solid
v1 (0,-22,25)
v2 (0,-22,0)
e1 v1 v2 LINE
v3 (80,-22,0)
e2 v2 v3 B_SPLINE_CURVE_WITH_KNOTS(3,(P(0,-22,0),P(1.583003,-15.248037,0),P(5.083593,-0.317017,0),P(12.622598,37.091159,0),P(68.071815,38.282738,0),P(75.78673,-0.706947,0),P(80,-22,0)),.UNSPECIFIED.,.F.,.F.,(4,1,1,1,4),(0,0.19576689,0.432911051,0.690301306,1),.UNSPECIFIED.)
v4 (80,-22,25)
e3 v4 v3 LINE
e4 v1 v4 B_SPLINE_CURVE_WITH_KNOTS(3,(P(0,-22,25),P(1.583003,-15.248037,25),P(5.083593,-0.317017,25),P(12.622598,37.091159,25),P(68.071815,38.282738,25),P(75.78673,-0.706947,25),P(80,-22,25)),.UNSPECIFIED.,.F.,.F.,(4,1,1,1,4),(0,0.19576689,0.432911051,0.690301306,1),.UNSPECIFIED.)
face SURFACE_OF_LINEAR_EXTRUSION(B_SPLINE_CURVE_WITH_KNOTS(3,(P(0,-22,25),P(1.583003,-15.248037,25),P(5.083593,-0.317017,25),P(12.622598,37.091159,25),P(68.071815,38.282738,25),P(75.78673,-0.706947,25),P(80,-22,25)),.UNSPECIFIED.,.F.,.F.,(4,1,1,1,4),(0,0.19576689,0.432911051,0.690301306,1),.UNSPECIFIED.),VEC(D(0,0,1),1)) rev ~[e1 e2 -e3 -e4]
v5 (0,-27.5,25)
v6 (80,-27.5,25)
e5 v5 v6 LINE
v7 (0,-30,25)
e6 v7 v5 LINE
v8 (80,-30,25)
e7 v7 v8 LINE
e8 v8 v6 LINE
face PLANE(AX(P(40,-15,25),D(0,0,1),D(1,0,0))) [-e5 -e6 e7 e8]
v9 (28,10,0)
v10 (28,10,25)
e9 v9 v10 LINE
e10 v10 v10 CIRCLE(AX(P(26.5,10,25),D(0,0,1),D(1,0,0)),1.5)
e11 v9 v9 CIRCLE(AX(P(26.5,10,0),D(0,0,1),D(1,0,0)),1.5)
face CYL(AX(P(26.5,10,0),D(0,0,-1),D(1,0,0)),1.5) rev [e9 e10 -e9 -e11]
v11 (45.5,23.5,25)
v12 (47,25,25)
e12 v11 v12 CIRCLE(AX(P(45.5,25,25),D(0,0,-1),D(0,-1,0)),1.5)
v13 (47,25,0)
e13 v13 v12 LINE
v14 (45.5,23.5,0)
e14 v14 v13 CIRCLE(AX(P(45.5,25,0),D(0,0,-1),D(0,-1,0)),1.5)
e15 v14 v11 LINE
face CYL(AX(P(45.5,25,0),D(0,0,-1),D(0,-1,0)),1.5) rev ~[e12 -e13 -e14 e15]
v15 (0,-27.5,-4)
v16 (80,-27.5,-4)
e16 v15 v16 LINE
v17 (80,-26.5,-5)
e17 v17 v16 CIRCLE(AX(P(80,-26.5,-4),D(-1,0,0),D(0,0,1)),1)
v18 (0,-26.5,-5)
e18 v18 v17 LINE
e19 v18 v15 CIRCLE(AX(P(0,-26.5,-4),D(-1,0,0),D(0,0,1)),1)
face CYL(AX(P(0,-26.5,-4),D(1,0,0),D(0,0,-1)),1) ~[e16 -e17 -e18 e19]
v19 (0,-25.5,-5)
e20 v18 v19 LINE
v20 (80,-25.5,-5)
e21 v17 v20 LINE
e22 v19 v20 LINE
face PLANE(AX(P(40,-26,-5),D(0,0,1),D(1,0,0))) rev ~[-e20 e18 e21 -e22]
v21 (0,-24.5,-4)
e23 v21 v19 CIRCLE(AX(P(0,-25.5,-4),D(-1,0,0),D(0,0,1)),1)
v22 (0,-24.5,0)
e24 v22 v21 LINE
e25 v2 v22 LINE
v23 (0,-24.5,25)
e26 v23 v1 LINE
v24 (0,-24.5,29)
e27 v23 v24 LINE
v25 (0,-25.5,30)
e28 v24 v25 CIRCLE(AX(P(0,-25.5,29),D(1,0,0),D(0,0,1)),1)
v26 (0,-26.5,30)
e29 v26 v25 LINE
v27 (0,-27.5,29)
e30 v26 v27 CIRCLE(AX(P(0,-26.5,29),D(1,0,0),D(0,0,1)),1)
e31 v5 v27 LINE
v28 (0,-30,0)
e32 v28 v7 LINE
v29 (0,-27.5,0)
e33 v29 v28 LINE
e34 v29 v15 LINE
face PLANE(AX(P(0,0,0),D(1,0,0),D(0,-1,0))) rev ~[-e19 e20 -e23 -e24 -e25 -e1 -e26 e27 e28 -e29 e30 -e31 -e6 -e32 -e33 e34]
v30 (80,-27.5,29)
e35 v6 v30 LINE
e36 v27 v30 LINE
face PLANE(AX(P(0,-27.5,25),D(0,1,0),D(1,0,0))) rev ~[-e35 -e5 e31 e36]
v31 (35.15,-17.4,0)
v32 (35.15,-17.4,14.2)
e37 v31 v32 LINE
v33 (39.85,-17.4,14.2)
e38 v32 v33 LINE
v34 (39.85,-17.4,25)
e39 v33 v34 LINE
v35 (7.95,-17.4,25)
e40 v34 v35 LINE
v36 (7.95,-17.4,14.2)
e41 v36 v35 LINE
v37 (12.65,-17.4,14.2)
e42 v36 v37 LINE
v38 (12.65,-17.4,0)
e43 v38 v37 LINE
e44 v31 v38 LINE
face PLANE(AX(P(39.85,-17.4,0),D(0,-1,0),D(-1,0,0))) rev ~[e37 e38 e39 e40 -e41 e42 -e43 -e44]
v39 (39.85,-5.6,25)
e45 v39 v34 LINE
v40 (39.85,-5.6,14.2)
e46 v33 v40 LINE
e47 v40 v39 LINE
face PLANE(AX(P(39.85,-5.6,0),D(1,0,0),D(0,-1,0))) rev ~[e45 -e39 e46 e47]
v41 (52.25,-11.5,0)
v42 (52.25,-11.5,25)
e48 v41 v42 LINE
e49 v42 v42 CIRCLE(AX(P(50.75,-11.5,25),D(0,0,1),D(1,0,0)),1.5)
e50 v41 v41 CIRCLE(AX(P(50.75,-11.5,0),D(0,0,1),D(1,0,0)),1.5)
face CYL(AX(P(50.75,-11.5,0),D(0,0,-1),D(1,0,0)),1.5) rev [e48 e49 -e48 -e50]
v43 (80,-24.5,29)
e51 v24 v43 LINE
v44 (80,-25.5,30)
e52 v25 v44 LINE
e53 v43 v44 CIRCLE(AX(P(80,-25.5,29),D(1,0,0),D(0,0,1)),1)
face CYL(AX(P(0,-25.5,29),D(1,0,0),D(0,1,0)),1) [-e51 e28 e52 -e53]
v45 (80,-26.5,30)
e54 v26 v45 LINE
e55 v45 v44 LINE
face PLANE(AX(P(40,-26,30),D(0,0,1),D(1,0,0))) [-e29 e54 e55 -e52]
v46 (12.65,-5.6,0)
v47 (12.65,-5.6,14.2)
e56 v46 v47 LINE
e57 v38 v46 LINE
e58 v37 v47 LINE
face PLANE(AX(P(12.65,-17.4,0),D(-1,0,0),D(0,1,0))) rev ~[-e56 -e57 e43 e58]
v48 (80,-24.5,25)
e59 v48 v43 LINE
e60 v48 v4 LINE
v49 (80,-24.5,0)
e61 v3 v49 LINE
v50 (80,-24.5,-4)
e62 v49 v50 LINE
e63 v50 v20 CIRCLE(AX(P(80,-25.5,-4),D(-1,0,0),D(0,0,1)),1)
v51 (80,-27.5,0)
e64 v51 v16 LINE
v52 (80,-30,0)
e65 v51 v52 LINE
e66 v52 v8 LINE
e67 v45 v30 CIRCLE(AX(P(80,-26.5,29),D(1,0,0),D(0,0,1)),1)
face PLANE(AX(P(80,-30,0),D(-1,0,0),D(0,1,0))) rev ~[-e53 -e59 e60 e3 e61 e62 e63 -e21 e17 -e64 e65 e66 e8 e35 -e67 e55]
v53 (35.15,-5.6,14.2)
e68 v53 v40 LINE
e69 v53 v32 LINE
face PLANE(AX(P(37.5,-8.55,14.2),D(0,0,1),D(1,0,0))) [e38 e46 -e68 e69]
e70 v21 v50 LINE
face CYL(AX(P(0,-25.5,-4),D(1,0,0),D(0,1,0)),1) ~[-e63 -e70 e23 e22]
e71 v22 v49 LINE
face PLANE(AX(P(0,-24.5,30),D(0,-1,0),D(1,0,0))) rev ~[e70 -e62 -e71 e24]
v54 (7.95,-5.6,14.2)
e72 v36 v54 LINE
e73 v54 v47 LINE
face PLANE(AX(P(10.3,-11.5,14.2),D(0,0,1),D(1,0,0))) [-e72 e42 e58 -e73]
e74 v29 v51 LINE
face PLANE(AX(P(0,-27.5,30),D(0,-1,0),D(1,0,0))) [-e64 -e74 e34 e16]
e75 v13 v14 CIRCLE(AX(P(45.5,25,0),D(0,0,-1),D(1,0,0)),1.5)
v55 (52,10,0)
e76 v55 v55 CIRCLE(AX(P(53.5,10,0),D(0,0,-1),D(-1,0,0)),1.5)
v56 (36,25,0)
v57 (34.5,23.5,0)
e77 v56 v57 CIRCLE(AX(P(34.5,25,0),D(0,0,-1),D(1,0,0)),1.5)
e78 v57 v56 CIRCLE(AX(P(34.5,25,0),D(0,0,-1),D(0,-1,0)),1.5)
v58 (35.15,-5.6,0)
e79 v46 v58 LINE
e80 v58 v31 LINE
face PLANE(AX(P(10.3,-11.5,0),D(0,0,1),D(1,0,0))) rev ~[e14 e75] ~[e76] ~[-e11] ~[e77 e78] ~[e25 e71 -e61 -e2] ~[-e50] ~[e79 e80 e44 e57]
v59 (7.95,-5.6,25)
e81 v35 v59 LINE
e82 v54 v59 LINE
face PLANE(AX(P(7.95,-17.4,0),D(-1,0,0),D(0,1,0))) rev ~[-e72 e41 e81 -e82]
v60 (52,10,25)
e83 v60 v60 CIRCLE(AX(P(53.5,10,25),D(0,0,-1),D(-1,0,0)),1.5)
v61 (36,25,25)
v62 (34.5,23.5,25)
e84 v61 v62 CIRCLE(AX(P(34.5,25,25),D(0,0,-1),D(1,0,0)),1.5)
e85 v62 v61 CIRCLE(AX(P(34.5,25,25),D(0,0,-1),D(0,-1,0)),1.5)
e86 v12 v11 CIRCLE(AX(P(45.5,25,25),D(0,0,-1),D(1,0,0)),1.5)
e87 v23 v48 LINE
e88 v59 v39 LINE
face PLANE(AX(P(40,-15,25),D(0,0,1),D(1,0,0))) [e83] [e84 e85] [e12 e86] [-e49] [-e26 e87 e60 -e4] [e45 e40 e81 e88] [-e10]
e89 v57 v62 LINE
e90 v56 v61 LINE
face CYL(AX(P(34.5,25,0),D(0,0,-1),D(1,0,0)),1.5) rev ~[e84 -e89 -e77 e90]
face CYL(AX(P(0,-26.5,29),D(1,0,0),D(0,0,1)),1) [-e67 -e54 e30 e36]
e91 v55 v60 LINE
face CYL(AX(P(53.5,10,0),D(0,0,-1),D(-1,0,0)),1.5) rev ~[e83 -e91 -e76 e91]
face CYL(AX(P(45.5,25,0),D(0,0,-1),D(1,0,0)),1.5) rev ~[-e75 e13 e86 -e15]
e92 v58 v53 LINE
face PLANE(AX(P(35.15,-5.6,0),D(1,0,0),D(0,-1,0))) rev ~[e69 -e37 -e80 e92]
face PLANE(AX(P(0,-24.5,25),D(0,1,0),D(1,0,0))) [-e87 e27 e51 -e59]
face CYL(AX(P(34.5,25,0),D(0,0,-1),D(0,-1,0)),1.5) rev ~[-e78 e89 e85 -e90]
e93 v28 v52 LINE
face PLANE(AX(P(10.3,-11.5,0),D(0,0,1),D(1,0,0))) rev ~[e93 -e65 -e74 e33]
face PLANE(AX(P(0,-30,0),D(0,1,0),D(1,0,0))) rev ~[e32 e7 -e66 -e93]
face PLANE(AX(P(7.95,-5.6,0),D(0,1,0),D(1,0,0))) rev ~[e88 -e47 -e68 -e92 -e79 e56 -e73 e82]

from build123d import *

# Parameters (mm, degrees)
F0_R     = 1.5
F1_DEPTH = 25
F2_DEPTH = 25
F0_W     = 4.7
F0_H     = 11.8
F0_H_2   = 5.9
F3_DEPTH = 14.2
F5_DEPTH = 25
F4_W     = 80
F4_H     = 3
F6_DEPTH = 5
F7_DEPTH = 35
F8_R     = 1


with BuildPart() as f1:
    # F0 (on Top) → F1 (new body)
    with BuildSketch(Plane.XY):
        Polygon((0, 40), (0, 0), (40, 0), (80, 0), (80, 40), align=None)
        with Locations((26.5, 10)):
            Circle(F0_R, mode=Mode.SUBTRACT)
        with BuildLine():
            ThreePointArc((36, 25), (35.5606601718, 23.9393398282), (34.5, 23.5))
            ThreePointArc((34.5, 23.5), (33.4393398282, 26.0606601718), (36, 25))
        make_face(mode=Mode.SUBTRACT)
        with BuildLine():
            ThreePointArc((55, 10), (53.5, 8.5), (52, 10))
            ThreePointArc((52, 10), (53.5, 11.5), (55, 10))
        make_face(mode=Mode.SUBTRACT)
        with BuildLine():
            ThreePointArc((47, 25), (46.5606601718, 23.9393398282), (45.5, 23.5))
            ThreePointArc((45.5, 23.5), (44.4393398282, 26.0606601718), (47, 25))
        make_face(mode=Mode.SUBTRACT)
    extrude(amount=F1_DEPTH)

    # F0 (on Top) → F2 (join)
    with BuildSketch(Plane.XY):
        Polygon((40, 0), (0, 0), (0, -30), (80, -30), (80, 0), align=None)
        Polygon((39.85, -5.6), (39.85, -11.5), (39.85, -17.4), (35.15, -17.4), (12.65, -17.4), (7.95, -17.4), (7.95, -5.6), (12.65, -5.6), (35.15, -5.6), align=None, mode=Mode.SUBTRACT)
        with Locations((50.75, -11.5)):
            Circle(F0_R, mode=Mode.SUBTRACT)
    extrude(amount=F2_DEPTH)

    # F0 (on Top) → F3 (join)
    with BuildSketch(Plane.XY):
        with Locations((10.3, -11.5)):
            Rectangle(F0_W, F0_H)
        with Locations((37.5, -8.55)):
            Rectangle(F0_W, F0_H_2)
        with Locations((37.5, -14.45)):
            Rectangle(F0_W, F0_H_2)
    extrude(amount=F3_DEPTH)

    # F4 (on face) → F5 (cut)
    with BuildSketch(Plane.XY.offset(25)):
        with BuildLine():
            add(Edge.make_bspline(
                [(0, -22), (1.5830030705, -15.2480369582), (5.0835925822, -0.3170166418), (12.6225982047, 37.0911590405), (68.0718145624, 38.2827382441), (75.786729565, -0.7069474975), (80, -22)],
                knots=[0, 0, 0, 0, 0.1957668902, 0.4329110507, 0.6903013055, 1, 1, 1, 1], degree=3))
            Line((80, -22), (80, 40))
            Line((80, 40), (0, 40))
            Line((0, 40), (0, -22))
        make_face()
    extrude(amount=-F5_DEPTH, mode=Mode.SUBTRACT)

    # F4 (on face) → F6 (join)
    with BuildSketch(Plane.XY.offset(25)):
        with Locations((40, -26)):
            Rectangle(F4_W, F4_H)
    extrude(amount=F6_DEPTH)

    # F7 (add): a face of the model
    f7_faces = [f1.faces().sort_by_distance(p)[0] for p in [
        (40, -26, 30),
    ]]
    extrude(f7_faces, amount=-F7_DEPTH)

    # F8
    f8_edges = [f1.edges().sort_by_distance(p)[0] for p in [
        (40, -24.5, 30),
        (40, -27.5, 30),
        (40, -24.5, -5),
        (40, -27.5, -5),
    ]]
    fillet(f8_edges, radius=F8_R)


solid = f1.part
